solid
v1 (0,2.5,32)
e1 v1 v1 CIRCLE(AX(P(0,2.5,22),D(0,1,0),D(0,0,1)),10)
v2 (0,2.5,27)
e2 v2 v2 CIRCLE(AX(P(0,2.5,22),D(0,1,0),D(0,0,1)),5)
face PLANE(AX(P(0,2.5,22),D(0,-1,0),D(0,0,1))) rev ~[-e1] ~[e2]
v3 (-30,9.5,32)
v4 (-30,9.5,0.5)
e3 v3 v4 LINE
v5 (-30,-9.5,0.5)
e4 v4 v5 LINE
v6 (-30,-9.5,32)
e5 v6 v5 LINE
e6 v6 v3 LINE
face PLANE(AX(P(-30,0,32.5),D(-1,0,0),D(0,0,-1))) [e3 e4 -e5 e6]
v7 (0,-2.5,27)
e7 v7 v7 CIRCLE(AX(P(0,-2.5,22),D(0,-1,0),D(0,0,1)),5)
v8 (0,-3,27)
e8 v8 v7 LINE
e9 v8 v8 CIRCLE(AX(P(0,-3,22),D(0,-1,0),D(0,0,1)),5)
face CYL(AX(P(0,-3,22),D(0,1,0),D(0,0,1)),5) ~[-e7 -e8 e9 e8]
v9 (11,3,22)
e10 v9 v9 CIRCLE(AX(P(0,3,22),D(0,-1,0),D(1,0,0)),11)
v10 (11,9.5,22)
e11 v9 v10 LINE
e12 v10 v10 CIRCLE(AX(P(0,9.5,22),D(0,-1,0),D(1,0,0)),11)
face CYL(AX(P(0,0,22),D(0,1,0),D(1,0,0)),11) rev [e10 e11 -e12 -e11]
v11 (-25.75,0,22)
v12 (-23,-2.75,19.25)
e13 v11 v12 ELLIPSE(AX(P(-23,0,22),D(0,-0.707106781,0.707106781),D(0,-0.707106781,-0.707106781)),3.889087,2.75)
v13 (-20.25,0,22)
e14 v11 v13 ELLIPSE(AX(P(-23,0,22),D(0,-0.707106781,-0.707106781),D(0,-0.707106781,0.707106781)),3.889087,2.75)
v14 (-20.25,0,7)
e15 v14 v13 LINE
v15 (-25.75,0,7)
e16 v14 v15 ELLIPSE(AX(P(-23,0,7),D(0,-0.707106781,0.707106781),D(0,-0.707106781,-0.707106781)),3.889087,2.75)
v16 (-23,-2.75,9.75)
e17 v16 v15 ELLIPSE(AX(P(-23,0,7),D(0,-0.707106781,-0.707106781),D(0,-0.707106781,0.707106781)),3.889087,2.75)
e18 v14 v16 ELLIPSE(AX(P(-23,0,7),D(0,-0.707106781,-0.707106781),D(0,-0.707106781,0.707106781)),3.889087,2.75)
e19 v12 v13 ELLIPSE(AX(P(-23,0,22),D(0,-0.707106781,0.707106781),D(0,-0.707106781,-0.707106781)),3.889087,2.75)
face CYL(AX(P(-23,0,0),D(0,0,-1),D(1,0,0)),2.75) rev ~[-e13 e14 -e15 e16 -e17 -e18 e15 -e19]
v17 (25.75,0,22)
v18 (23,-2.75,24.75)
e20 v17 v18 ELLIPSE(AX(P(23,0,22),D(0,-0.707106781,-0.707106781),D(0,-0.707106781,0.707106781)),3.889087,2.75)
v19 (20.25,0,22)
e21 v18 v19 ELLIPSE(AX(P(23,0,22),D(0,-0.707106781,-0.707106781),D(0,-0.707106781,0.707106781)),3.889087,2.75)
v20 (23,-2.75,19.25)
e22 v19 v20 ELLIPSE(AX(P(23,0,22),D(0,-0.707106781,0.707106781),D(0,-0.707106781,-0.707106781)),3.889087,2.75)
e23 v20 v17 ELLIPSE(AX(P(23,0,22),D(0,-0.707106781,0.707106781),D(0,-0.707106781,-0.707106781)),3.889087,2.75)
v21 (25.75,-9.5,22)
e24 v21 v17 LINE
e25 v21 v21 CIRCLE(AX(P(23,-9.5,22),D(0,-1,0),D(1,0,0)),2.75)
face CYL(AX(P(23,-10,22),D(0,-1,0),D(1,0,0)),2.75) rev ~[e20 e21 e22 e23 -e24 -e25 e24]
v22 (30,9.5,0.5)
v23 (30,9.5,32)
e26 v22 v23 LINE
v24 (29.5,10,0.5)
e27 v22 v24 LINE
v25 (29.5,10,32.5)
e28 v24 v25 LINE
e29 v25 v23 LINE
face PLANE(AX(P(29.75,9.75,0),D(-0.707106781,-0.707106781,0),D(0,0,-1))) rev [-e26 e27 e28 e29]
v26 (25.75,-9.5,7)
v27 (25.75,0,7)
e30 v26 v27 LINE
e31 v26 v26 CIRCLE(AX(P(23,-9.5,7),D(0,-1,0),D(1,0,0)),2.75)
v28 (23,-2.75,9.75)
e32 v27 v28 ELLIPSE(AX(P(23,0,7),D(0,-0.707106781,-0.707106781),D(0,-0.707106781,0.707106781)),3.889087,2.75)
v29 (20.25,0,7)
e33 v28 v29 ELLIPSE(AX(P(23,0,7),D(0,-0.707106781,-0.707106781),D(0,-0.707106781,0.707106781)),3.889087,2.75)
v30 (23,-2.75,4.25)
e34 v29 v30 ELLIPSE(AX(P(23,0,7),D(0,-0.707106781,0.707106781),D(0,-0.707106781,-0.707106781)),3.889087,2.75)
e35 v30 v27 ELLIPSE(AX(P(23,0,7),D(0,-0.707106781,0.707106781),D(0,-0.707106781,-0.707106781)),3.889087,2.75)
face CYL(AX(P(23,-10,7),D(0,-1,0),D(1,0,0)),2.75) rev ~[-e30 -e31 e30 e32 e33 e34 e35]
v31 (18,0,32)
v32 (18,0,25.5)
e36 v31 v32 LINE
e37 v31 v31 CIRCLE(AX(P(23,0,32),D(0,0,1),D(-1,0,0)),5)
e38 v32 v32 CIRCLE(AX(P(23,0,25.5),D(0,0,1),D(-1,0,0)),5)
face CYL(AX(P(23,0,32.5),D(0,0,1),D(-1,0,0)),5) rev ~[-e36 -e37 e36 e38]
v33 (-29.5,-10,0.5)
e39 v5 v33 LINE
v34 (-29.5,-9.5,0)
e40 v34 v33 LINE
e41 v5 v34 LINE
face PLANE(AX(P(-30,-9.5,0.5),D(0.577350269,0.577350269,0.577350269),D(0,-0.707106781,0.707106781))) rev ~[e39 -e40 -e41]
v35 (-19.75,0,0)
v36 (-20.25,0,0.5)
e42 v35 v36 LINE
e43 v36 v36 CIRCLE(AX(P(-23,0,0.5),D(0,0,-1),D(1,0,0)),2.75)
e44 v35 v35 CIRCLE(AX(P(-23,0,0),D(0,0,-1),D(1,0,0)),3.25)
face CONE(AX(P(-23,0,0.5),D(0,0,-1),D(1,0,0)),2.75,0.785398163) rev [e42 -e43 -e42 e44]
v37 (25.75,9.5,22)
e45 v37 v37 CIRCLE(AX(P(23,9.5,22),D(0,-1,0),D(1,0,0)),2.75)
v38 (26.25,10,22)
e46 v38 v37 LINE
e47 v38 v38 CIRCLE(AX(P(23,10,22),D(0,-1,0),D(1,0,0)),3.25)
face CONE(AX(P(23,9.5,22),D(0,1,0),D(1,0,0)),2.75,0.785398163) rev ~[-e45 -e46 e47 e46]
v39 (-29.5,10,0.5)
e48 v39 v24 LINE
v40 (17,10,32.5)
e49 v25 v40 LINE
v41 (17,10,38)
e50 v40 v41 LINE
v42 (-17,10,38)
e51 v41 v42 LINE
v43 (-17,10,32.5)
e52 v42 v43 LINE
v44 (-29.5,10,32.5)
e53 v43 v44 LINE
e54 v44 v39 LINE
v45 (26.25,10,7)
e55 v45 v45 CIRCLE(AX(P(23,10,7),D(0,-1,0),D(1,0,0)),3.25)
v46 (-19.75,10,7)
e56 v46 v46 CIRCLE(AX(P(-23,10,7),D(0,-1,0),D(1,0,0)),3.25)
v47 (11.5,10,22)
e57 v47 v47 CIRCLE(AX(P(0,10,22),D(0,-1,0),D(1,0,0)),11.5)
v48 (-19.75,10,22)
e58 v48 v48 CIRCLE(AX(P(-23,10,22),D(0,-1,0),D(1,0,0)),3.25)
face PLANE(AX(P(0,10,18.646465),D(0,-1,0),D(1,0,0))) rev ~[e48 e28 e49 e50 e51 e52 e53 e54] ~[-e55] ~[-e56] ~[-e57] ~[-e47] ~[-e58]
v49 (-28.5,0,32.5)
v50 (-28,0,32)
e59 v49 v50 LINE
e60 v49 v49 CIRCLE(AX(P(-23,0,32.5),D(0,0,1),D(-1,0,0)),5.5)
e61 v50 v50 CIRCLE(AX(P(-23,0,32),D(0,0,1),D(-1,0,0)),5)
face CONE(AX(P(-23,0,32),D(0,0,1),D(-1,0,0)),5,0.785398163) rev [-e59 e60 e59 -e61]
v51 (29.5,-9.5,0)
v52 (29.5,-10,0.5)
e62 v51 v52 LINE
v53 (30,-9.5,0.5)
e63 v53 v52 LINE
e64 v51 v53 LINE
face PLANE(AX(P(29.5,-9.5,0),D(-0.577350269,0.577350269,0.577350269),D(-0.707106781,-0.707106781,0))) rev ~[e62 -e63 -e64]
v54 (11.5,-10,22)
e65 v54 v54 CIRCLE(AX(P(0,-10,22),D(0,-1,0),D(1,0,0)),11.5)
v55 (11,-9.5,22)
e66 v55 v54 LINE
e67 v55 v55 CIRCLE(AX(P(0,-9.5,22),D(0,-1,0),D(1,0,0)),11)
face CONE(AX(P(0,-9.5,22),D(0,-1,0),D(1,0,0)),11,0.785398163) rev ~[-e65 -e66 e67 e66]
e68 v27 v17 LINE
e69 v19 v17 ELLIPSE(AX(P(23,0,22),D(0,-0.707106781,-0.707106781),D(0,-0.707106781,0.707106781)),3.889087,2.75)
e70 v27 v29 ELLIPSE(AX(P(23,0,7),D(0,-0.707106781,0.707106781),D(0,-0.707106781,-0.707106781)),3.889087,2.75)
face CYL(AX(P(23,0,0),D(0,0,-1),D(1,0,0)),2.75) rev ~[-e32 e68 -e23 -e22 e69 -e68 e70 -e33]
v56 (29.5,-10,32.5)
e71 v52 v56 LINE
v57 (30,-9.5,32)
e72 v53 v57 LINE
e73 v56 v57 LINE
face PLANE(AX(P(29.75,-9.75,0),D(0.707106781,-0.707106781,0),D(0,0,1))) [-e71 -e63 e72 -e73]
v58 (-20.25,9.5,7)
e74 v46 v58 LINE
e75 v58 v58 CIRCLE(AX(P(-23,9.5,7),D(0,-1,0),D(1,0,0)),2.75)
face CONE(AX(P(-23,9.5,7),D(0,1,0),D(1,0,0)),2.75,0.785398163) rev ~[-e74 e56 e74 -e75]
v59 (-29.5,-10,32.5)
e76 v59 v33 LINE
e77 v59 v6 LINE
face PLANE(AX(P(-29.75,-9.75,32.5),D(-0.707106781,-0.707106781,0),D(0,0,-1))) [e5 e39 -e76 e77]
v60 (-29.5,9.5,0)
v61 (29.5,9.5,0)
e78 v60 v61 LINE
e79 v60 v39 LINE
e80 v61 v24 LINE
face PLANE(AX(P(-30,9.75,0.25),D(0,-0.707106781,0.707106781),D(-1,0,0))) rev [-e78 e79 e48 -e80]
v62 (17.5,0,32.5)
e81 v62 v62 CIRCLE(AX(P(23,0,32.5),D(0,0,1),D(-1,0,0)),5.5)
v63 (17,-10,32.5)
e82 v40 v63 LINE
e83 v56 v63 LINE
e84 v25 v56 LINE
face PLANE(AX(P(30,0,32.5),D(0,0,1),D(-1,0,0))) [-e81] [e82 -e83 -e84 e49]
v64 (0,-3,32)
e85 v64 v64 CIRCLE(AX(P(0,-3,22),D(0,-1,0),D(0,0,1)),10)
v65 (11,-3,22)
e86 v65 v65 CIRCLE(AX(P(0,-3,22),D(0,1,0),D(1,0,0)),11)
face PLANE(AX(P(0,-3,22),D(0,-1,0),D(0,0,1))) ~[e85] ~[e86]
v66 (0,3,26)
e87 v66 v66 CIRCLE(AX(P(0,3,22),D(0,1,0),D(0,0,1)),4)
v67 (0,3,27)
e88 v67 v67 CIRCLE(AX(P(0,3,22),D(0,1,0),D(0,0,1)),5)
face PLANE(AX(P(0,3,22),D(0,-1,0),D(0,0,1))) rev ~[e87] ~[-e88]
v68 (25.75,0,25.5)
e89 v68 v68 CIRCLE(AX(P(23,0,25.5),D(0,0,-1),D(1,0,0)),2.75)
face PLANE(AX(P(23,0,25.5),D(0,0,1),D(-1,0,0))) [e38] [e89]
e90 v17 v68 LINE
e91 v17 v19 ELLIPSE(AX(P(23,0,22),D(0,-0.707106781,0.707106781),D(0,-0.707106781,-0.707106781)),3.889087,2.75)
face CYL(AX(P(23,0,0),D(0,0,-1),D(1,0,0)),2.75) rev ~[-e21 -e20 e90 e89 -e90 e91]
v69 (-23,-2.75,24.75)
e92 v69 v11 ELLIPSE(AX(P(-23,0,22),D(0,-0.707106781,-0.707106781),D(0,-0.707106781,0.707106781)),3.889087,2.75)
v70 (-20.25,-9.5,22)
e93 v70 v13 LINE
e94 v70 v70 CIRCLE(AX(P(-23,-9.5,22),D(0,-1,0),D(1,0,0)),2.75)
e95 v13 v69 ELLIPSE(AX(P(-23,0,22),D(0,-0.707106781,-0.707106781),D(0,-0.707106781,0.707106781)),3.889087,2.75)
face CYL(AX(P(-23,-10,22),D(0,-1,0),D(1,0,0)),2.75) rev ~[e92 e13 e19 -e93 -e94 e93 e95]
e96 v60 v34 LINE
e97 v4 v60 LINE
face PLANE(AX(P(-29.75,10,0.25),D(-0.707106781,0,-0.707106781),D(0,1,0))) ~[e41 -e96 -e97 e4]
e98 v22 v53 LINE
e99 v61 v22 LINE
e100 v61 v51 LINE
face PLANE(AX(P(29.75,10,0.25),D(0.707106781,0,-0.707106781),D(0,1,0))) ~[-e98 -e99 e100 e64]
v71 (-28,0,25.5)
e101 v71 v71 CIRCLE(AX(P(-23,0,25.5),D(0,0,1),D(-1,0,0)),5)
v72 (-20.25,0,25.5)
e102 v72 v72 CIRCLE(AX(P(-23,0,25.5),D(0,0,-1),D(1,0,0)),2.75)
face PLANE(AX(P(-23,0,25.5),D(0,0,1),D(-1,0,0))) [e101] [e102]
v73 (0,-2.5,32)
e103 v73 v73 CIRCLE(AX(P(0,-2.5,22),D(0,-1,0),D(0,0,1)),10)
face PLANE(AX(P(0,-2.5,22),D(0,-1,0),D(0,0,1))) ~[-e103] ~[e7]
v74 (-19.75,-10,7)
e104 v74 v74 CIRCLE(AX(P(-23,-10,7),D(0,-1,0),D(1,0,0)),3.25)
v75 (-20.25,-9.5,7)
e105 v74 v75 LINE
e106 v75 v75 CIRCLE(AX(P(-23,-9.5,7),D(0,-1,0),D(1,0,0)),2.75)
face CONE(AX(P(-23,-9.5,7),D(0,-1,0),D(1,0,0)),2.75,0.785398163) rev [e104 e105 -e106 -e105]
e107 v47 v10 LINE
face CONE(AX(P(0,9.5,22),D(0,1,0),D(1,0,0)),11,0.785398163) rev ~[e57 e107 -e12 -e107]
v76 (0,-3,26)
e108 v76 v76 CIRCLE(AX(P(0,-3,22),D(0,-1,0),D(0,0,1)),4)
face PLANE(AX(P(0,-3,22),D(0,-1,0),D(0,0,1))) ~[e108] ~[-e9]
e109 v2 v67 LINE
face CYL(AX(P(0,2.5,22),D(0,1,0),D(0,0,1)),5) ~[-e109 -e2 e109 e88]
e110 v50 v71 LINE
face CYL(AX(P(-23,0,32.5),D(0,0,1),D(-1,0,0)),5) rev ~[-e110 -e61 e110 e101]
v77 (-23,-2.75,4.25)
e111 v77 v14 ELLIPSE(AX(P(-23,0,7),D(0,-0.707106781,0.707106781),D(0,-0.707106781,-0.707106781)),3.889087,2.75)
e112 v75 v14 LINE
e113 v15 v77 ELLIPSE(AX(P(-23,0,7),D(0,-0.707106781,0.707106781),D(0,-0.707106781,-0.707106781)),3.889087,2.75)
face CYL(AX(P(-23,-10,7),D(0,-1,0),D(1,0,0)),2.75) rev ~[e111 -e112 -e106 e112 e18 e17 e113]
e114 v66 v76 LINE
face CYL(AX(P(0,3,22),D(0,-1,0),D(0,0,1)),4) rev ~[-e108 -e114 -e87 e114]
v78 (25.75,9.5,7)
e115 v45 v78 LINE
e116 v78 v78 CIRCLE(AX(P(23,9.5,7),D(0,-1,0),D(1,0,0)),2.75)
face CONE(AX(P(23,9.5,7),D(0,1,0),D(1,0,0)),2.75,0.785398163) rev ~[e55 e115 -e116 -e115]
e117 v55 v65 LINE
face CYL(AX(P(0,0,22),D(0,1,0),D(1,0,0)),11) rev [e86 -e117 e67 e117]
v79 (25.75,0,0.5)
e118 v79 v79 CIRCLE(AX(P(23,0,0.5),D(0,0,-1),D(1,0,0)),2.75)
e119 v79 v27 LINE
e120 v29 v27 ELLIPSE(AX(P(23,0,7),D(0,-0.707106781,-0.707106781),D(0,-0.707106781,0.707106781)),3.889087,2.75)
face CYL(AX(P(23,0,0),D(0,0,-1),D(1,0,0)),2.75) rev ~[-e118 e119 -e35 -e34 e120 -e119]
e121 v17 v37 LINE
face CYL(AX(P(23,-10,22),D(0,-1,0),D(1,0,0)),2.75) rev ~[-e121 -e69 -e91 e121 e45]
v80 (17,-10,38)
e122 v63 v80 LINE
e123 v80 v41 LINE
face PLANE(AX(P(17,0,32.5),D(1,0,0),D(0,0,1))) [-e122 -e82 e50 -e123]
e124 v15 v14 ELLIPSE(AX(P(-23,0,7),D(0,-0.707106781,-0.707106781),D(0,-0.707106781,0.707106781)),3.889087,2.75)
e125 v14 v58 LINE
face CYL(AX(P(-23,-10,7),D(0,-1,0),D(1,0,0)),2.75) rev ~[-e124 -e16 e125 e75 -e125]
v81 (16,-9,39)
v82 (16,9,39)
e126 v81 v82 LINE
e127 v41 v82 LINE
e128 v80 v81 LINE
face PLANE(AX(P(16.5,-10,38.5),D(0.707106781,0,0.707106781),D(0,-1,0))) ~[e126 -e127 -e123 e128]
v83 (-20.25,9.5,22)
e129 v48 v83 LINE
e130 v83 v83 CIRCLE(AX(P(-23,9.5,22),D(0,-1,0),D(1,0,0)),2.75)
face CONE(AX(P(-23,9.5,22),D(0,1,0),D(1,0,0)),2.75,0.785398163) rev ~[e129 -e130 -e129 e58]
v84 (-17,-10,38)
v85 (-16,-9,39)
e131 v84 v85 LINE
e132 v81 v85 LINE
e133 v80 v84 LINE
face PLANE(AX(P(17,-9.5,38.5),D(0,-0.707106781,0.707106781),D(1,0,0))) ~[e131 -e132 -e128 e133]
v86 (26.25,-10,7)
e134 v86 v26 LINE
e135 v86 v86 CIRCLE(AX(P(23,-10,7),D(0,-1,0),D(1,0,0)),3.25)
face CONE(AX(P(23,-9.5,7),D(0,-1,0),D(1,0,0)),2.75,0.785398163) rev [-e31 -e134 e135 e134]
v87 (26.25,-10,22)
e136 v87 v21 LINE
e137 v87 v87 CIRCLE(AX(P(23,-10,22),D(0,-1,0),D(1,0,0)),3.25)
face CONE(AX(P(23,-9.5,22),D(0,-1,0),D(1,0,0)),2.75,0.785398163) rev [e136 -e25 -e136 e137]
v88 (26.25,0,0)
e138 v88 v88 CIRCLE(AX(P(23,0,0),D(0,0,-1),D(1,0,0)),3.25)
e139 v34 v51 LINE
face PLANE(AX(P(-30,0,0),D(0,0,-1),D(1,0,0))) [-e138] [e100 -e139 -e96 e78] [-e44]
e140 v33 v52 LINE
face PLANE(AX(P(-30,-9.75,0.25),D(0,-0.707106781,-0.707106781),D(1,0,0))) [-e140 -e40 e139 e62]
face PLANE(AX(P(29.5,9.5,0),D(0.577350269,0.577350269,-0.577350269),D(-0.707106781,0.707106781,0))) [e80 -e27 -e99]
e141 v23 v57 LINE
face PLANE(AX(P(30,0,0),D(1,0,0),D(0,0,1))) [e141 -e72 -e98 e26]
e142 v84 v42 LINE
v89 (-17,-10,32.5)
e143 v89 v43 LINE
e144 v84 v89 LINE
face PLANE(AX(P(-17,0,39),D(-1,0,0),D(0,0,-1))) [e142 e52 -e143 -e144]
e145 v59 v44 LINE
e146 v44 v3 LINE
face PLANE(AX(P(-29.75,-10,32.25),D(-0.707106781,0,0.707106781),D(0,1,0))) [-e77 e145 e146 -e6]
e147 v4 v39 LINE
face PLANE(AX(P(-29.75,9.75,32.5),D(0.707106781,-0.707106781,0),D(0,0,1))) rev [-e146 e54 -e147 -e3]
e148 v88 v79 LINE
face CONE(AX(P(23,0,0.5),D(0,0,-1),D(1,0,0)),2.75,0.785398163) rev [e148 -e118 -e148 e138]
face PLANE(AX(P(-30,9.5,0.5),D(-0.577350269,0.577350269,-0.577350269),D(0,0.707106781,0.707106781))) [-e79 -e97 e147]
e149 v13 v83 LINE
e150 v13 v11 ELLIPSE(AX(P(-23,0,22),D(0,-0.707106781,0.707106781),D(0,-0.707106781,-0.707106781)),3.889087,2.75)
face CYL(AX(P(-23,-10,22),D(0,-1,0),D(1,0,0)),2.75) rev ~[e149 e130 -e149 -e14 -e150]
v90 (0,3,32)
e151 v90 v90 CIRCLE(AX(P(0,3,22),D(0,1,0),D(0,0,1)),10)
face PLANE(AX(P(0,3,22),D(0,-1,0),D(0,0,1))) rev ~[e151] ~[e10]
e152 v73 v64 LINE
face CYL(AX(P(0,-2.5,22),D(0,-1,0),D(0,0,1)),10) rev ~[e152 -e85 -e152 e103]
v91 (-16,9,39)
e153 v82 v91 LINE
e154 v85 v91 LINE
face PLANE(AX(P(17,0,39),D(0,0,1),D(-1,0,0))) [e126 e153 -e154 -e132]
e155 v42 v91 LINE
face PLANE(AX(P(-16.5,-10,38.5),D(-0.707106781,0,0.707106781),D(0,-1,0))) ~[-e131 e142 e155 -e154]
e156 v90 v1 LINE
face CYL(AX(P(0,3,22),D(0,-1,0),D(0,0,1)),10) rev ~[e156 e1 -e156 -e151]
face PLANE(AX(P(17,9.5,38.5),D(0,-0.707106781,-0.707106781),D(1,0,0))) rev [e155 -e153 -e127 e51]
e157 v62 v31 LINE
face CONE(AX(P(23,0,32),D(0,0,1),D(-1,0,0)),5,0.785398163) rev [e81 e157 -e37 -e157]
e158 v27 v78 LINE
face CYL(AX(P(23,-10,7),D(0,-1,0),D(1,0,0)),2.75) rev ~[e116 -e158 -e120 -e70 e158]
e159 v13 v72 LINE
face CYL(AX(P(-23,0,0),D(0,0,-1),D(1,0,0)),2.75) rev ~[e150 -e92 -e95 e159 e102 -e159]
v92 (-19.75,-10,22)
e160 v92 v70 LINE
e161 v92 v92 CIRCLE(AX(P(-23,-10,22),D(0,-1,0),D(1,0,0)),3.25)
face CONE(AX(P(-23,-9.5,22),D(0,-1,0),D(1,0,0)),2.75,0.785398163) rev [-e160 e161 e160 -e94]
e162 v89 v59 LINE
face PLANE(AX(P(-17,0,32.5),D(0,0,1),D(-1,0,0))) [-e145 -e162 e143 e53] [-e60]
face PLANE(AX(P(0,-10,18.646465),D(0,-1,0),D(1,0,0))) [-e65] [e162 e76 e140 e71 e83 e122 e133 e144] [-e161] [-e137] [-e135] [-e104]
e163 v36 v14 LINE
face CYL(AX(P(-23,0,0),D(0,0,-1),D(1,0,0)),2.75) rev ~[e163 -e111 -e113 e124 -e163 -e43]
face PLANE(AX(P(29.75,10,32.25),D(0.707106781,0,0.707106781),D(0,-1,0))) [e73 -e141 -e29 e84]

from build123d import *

# Parameters (mm, degrees)
SKETCH_R         = 11
PAD_DEPTH        = 10
SKETCH001_R      = 2.75
POCKET_DEPTH     = 20.001
SKETCH003_R      = 5
POCKET001_DEPTH  = 7
SKETCH004_R      = 2.75
POCKET002_DEPTH  = 39.001
CHAMFER_SIZE     = 1
CHAMFER001_SIZE  = 0.5
CHAMFER002_SIZE  = 0.5
CHAMFER003_SIZE  = 0.5
CHAMFER004_SIZE  = 0.5
CHAMFER005_SIZE  = 0.5
REVOLUTION_ANGLE = 360


with BuildPart() as housing_h_holes_chamfer:
    # Sketch → Pad (new body, symmetric)
    with BuildSketch(Plane.XZ):
        Polygon((-30, 32.5), (-30, 0), (30, 0), (30, 32.5), (17, 32.5), (17, 39), (-17, 39), (-17, 32.5), align=None)
        with Locations((0, 22)):
            Circle(SKETCH_R, mode=Mode.SUBTRACT)
    extrude(amount=PAD_DEPTH, both=True)

    # Sketch001 → Pocket (cut, through all)
    with BuildSketch(Plane.XZ.offset(10)):
        with Locations((-23, 22)):
            Circle(SKETCH001_R)
        with Locations((23, 22)):
            Circle(SKETCH001_R)
        with Locations((-23, 7)):
            Circle(SKETCH001_R)
        with Locations((23, 7)):
            Circle(SKETCH001_R)
    extrude(amount=-POCKET_DEPTH, mode=Mode.SUBTRACT)

    # Sketch003 → Pocket001 (cut)
    with BuildSketch(Plane(origin=(0, 0, 32.5), x_dir=(-1, 0, 0), z_dir=(0, 0, 1))):
        with Locations((-23, 0)):
            Circle(SKETCH003_R)
        with Locations((23, 0)):
            Circle(SKETCH003_R)
    extrude(amount=-POCKET001_DEPTH, mode=Mode.SUBTRACT)

    # Sketch004 → Pocket002 (cut, through all)
    with BuildSketch(Plane(origin=(0, 0, 0), x_dir=(1, 0, 0), z_dir=(0, 0, -1))):
        with Locations((-23, 0)):
            Circle(SKETCH004_R)
        with Locations((23, 0)):
            Circle(SKETCH004_R)
    extrude(amount=-POCKET002_DEPTH, mode=Mode.SUBTRACT)

    # Chamfer
    chamfer_edges = [housing_h_holes_chamfer.edges().sort_by_distance(p)[0] for p in [
        (-17, 0, 39),
        (0, 10, 39),
        (0, -10, 39),
        (17, 0, 39),
    ]]
    chamfer(chamfer_edges, length=CHAMFER_SIZE)

    # Chamfer001
    chamfer001_edges = [housing_h_holes_chamfer.edges().sort_by_distance(p)[0] for p in [
        (30, 0, 32.5),
        (30, -10, 16.25),
        (30, 10, 16.25),
        (30, 0, 0),
        (0, -10, 0),
        (0, 10, 0),
        (-30, 0, 0),
        (-30, 10, 16.25),
        (-30, 0, 32.5),
        (-30, -10, 16.25),
    ]]
    chamfer(chamfer001_edges, length=CHAMFER001_SIZE)

    # Chamfer002
    chamfer002_edges = [housing_h_holes_chamfer.edges().sort_by_distance(p)[0] for p in [
        (-11, -10, 22),
        (-11, 10, 22),
    ]]
    chamfer(chamfer002_edges, length=CHAMFER002_SIZE)

    # Chamfer003
    chamfer003_edges = [housing_h_holes_chamfer.edges().sort_by_distance(p)[0] for p in [
        (-18, 0, 32.5),
        (28, 0, 32.5),
    ]]
    chamfer(chamfer003_edges, length=CHAMFER003_SIZE)

    # Chamfer004
    chamfer004_edges = [housing_h_holes_chamfer.edges().sort_by_distance(p)[0] for p in [
        (20.25, 0, 0),
        (-25.75, 0, 0),
    ]]
    chamfer(chamfer004_edges, length=CHAMFER004_SIZE)

    # Chamfer005
    chamfer005_edges = [housing_h_holes_chamfer.edges().sort_by_distance(p)[0] for p in [
        (-25.75, -10, 22),
        (20.25, -10, 22),
        (20.25, -10, 7),
        (-25.75, -10, 7),
        (20.25, 10, 22),
        (-25.75, 10, 22),
        (-25.75, 10, 7),
        (20.25, 10, 7),
    ]]
    chamfer(chamfer005_edges, length=CHAMFER005_SIZE)


with BuildPart() as bf10:
    # Sketch002 → Revolution (revolve, symmetric)
    with BuildSketch(Plane.YZ) as revolution_sk:
        Polygon((3, 26), (-3, 26), (-3, 27), (-2.5, 27), (-2.5, 32), (-3, 32), (-3, 33), (3, 33), (3, 32), (2.5, 32), (2.5, 27), (3, 27), align=None)
    revolve(axis=Axis((0, -10, 22), (0, 1, 0)), revolution_arc=REVOLUTION_ANGLE / 2)
    revolve(revolution_sk.sketch, axis=Axis((0, -10, 22), (0, -1, 0)), revolution_arc=REVOLUTION_ANGLE / 2)

    # Fusion: union housing-h-holes-chamfer
    add(housing_h_holes_chamfer.part)


solid = bf10.part
